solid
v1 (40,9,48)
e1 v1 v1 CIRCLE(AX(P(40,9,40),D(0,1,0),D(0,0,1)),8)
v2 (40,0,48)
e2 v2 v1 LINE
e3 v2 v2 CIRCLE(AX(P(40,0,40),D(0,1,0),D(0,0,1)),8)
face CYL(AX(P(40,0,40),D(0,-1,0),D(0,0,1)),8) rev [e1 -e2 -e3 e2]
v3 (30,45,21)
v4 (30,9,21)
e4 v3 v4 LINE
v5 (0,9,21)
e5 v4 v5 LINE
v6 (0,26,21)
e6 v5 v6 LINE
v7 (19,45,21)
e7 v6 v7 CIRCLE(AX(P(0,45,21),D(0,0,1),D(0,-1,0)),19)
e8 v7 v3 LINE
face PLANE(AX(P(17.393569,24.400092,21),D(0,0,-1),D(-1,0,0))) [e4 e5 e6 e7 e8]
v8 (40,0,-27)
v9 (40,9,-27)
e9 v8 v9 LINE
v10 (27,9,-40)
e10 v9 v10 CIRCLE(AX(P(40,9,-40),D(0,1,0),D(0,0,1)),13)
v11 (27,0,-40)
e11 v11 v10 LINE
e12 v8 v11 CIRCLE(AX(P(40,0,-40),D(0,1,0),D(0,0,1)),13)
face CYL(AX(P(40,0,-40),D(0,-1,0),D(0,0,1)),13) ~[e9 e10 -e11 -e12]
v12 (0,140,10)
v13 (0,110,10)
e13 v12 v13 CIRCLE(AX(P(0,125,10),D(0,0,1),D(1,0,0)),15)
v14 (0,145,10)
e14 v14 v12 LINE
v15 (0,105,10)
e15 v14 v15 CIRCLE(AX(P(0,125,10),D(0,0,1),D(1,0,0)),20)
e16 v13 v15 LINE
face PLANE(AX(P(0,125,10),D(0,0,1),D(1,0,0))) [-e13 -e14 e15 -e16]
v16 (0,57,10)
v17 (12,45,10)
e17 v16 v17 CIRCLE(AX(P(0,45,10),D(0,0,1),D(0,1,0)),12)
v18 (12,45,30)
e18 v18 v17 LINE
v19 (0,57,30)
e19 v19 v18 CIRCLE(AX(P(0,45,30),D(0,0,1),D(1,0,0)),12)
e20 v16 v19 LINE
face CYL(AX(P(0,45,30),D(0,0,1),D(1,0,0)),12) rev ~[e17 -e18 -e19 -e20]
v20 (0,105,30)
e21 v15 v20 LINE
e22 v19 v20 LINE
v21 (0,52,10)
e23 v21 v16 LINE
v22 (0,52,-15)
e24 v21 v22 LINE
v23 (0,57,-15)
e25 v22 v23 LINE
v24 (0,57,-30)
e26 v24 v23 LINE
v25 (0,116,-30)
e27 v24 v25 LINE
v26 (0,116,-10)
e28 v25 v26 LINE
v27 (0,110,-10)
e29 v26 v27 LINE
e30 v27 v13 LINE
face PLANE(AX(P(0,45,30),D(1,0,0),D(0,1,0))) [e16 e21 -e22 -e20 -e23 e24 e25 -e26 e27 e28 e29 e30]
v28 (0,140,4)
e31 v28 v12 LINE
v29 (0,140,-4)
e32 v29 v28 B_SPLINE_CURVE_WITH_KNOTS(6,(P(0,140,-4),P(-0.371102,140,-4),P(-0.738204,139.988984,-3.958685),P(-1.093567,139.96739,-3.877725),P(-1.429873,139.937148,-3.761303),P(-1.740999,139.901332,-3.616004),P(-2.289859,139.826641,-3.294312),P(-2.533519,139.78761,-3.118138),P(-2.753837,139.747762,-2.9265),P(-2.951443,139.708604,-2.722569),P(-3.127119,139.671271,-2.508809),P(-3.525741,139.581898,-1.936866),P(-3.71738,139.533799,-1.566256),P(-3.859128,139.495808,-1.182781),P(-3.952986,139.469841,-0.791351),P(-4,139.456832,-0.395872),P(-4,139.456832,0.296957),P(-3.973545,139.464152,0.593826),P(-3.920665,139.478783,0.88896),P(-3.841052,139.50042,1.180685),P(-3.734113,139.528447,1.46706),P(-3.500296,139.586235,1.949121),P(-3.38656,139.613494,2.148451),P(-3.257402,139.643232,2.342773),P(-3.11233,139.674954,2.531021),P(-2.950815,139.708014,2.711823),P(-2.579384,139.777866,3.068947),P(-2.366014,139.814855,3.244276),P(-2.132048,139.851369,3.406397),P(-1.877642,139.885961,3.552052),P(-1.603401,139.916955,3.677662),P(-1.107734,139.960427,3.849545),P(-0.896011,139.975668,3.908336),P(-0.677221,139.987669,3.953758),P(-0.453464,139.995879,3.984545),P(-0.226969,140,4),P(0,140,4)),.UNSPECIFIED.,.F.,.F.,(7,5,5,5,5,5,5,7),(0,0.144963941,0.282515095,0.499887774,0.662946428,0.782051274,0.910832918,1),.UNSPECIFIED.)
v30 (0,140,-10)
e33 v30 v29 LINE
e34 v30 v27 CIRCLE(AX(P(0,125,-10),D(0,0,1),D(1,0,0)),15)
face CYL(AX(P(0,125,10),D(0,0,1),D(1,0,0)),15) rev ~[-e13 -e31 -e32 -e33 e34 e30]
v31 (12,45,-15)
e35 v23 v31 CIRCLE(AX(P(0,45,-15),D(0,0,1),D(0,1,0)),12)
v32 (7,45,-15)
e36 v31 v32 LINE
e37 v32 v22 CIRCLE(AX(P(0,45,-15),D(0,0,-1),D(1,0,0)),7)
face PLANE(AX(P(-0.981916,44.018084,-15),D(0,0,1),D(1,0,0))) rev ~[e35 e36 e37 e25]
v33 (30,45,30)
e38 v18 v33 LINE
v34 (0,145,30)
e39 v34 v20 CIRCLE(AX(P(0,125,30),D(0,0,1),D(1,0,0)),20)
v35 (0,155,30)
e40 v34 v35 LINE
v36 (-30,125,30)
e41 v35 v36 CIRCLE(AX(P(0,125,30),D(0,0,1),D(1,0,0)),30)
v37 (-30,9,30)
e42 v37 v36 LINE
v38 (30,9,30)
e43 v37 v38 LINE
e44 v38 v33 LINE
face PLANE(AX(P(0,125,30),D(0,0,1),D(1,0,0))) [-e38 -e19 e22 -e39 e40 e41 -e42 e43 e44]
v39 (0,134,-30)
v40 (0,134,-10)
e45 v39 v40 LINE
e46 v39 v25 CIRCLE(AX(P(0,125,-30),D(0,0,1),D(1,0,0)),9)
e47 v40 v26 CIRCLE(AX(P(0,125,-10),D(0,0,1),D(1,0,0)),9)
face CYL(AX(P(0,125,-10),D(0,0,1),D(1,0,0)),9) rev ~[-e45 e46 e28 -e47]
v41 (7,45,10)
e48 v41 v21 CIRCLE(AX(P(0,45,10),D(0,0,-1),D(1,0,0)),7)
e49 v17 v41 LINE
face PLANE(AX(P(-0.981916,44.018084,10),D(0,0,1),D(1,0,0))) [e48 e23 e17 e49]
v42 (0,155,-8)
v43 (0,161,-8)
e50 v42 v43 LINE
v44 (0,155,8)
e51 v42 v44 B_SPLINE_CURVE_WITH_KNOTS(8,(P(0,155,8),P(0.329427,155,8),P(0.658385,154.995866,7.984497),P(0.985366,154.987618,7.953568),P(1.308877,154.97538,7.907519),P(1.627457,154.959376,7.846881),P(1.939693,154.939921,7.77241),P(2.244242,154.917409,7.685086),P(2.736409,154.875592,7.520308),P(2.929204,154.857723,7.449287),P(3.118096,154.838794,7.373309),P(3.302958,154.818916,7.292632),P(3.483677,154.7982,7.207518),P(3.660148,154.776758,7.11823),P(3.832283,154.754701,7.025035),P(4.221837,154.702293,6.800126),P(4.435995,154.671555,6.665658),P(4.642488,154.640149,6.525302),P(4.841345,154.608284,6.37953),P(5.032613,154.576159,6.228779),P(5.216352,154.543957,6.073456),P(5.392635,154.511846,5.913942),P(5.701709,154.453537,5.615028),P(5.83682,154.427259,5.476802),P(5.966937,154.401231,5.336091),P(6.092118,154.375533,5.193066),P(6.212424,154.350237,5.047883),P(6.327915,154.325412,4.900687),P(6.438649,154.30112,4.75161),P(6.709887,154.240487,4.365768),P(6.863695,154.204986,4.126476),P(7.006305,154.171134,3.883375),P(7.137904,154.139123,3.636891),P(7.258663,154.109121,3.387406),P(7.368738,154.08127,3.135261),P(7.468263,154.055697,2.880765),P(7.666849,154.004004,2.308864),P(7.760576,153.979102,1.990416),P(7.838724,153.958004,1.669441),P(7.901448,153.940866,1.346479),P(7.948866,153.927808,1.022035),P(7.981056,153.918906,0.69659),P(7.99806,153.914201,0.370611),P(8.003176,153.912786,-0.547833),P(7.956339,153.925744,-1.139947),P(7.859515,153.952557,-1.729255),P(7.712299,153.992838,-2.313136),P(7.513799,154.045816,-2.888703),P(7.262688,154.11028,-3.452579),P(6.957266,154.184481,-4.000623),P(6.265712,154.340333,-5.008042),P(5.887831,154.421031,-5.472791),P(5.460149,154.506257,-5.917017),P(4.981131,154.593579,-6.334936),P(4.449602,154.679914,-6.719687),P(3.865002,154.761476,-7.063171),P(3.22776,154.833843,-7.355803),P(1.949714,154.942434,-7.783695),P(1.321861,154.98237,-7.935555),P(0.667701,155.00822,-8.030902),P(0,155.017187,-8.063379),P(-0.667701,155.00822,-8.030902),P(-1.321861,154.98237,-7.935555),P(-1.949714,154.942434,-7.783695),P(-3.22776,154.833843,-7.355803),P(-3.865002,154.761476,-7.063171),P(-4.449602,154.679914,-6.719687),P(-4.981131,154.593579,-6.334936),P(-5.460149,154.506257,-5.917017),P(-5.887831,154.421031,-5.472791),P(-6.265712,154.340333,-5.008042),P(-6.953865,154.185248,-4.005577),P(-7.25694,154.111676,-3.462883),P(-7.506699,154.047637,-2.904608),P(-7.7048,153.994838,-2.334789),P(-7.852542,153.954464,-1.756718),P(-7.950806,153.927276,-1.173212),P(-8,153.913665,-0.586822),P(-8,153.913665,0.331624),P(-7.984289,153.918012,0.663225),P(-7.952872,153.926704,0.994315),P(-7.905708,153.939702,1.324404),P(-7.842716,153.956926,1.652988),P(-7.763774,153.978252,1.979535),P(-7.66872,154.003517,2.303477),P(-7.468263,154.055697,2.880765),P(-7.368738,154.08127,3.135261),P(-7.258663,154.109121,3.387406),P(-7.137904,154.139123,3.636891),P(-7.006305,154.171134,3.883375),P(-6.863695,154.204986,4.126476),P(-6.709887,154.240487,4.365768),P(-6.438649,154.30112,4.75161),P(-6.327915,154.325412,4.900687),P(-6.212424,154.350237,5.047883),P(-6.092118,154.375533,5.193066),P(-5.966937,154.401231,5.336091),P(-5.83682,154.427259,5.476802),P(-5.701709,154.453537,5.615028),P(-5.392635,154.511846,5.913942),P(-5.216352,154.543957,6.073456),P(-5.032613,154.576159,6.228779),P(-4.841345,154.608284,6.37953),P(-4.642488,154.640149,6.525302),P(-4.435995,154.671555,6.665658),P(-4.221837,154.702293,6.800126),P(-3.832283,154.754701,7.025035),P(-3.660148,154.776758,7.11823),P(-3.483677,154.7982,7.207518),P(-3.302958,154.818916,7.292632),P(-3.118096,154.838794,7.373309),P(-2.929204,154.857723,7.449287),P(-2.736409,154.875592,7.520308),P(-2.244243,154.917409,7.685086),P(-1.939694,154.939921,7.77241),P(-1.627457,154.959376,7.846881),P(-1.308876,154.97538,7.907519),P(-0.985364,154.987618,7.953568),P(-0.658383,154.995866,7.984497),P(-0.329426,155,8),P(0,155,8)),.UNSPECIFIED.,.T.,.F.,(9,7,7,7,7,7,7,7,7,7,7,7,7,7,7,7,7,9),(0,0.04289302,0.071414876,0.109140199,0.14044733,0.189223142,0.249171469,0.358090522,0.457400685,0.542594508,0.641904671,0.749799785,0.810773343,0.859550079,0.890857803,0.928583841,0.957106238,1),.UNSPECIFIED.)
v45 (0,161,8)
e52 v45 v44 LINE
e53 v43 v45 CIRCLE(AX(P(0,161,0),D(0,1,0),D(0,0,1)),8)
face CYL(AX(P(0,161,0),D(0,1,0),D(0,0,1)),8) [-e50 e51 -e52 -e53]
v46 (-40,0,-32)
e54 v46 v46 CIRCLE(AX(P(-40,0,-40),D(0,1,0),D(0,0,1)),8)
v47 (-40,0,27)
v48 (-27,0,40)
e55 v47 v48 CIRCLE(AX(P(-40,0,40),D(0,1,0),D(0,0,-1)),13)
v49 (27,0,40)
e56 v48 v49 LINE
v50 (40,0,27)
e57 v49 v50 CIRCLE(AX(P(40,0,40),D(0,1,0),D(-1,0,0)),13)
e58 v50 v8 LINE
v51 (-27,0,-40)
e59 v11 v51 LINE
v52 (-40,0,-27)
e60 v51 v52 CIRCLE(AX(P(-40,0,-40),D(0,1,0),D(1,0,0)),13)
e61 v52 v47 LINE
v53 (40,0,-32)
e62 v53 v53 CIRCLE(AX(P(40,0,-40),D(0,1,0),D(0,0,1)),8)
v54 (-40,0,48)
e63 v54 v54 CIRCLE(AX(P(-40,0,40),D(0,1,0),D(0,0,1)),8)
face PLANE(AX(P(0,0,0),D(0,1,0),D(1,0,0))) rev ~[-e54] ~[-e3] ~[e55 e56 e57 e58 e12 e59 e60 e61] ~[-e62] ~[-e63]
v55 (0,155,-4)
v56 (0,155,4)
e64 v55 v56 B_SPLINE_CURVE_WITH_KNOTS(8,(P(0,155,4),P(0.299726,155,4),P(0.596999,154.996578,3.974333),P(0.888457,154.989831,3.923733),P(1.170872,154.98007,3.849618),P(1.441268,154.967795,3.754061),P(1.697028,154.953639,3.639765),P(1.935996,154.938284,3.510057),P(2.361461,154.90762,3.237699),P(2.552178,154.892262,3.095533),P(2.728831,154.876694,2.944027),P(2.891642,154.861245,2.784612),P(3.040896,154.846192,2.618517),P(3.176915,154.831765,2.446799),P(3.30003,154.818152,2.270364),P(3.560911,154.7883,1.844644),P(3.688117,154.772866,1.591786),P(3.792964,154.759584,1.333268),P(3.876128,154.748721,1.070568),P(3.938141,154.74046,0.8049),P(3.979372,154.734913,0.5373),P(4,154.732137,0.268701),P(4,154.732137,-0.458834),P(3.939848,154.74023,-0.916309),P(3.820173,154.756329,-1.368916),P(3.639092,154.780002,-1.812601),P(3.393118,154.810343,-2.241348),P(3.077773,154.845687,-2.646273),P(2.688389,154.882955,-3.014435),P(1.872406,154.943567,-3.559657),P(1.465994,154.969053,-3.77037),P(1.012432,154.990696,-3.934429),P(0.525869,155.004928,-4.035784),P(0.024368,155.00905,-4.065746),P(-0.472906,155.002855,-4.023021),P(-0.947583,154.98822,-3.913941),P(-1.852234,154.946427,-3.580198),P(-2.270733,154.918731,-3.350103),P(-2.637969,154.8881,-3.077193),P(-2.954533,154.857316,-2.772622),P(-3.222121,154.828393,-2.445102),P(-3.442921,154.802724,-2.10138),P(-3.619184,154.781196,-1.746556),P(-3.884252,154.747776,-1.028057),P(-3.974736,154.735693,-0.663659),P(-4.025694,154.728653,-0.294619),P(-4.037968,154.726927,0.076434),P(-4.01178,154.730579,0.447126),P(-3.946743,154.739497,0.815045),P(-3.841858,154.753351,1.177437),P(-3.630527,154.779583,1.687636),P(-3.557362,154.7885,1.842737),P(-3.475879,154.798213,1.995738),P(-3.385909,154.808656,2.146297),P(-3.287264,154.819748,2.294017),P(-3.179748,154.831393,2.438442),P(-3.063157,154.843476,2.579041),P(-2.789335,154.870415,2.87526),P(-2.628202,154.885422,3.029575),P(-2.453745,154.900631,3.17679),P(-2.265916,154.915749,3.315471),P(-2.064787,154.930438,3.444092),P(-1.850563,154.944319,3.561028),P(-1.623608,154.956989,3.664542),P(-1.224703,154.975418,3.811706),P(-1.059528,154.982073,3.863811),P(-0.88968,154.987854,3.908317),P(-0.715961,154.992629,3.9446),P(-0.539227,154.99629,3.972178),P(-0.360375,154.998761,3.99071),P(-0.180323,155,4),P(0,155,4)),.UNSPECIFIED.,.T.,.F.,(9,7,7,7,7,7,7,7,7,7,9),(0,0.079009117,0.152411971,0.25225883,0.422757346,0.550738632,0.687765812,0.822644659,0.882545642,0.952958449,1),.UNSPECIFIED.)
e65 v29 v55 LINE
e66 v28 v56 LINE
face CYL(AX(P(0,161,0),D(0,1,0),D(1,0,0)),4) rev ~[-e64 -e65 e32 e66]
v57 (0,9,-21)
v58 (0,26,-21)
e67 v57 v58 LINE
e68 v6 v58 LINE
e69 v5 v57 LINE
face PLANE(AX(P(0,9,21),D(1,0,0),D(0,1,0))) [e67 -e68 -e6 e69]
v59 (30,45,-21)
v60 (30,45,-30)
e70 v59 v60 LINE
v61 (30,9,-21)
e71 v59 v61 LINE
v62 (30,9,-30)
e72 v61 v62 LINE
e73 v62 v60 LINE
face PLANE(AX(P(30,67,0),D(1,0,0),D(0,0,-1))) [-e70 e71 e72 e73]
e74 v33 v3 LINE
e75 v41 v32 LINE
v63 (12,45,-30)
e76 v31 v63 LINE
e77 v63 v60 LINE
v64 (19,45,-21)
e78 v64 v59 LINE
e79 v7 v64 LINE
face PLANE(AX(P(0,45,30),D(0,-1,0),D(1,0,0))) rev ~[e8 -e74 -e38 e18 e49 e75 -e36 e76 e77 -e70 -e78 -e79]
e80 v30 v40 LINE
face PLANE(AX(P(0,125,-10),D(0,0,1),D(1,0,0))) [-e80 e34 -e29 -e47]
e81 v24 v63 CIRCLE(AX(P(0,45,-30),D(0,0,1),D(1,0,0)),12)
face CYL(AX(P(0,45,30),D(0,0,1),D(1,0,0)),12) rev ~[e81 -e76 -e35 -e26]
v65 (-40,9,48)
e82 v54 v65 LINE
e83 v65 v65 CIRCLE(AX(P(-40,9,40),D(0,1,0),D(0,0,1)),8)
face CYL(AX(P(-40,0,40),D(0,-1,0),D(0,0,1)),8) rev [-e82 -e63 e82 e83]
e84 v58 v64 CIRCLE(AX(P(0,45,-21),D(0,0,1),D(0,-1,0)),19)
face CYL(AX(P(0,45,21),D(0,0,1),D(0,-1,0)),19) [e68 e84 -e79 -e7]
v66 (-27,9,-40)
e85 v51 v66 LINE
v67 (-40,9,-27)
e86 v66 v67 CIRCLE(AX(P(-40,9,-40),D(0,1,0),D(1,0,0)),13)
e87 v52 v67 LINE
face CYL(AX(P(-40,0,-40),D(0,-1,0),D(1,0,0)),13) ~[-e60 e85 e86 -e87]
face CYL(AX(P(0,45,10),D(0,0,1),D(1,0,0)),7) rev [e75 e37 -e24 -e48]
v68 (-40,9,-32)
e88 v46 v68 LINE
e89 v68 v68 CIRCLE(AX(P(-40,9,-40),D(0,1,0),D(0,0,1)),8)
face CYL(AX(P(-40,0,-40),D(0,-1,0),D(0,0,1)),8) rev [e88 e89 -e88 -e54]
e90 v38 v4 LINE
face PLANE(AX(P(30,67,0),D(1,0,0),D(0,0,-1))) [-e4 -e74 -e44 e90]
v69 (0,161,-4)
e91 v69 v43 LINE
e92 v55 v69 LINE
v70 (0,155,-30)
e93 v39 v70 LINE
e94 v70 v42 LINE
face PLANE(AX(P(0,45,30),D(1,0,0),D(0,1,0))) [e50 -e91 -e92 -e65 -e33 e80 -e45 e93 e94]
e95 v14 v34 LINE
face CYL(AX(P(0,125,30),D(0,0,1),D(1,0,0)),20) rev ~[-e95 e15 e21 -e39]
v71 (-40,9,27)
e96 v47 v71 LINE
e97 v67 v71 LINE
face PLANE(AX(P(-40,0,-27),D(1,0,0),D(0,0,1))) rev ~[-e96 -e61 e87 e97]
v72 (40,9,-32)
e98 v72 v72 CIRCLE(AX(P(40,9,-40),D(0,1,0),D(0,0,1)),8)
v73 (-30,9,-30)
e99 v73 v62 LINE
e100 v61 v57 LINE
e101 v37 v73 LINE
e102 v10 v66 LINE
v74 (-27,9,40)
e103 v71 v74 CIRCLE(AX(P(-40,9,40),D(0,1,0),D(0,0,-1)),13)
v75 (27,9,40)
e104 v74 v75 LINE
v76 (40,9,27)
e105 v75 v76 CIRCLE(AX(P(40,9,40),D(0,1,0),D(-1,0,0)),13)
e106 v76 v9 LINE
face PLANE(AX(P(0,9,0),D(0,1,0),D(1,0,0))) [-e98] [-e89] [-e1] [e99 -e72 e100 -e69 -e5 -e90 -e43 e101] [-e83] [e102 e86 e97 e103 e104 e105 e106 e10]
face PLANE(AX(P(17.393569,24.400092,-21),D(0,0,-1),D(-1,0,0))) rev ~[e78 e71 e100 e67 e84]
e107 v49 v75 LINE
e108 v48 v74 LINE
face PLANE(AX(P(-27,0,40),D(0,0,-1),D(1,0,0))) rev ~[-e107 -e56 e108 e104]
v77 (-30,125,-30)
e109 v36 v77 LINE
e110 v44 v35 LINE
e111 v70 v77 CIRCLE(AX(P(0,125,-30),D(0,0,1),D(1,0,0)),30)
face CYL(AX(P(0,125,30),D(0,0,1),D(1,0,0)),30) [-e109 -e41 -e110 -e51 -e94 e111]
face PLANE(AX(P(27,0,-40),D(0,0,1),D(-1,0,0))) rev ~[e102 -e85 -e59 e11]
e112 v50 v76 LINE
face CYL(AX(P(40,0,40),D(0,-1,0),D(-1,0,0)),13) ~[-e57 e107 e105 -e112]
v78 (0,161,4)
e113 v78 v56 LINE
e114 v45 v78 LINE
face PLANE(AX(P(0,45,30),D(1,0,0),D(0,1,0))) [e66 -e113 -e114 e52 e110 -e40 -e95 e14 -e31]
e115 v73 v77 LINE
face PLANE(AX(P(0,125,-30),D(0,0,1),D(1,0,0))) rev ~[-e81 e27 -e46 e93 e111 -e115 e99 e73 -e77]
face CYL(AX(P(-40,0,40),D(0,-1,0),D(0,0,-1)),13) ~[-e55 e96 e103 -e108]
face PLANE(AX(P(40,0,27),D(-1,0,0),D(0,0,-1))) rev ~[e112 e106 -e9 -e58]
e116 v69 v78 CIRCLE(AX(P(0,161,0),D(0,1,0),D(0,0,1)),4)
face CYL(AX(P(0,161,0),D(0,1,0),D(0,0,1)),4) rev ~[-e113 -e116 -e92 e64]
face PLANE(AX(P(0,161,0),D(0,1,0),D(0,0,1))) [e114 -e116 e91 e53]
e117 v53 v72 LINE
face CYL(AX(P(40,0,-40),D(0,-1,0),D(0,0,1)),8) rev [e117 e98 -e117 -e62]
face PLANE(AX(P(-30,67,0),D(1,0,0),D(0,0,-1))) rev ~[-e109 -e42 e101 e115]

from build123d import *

# Parameters (mm, degrees)
SKETCH1_R           = 8
BOSS_EXTRUDE1_DEPTH = 9
SKETCH3_W           = 60
SKETCH3_H           = 116
BOSS_EXTRUDE2_DEPTH = 30
SKETCH4_R           = 30
BOSS_EXTRUDE3_DEPTH = 60
SKETCH6_R           = 8
SKETCH6_R_2         = 4
BOSS_EXTRUDE4_DEPTH = 20
SKETCH7_W           = 53.624772313
SKETCH7_H           = 116
CUT_EXTRUDE2_DEPTH  = 189.729965909
SKETCH8_R           = 12
CUT_EXTRUDE3_DEPTH  = 189.729965909
BOSS_EXTRUDE5_START = -25
BOSS_EXTRUDE5_DEPTH = 25
SKETCH10_R          = 20
CUT_EXTRUDE4_DEPTH  = 20
SKETCH11_R          = 15
CUT_EXTRUDE5_DEPTH  = 20
SKETCH12_R          = 9
CUT_EXTRUDE6_DEPTH  = 181.828648262
SKETCH13_R          = 4
CUT_EXTRUDE7_DEPTH  = 31
CUT_EXTRUDE8_DEPTH  = 42


with BuildPart() as part:
    # Sketch1 → Boss-Extrude1 (new body)
    with BuildSketch(Plane(origin=(0, 0, 0), x_dir=(1, 0, 0), z_dir=(0, 1, 0))):
        with BuildLine():
            Line((40, -27), (40, 27))
            ThreePointArc((40, 27), (49.192388155, 49.192388155), (27, 40))
            Line((27, 40), (-27, 40))
            ThreePointArc((-27, 40), (-49.192388155, 49.192388155), (-40, 27))
            Line((-40, 27), (-40, -27))
            ThreePointArc((-40, -27), (-49.192388155, -49.192388155), (-27, -40))
            Line((-27, -40), (27, -40))
            ThreePointArc((27, -40), (49.192388155, -49.192388155), (40, -27))
        make_face()
        with Locations(Location((-40, 40, 0), (0, 0, 270))):
            Circle(SKETCH1_R, mode=Mode.SUBTRACT)
        with Locations(Location((-40, -40, 0), (0, 0, 270))):
            Circle(SKETCH1_R, mode=Mode.SUBTRACT)
        with Locations(Location((40, -40, 0), (0, 0, 270))):
            Circle(SKETCH1_R, mode=Mode.SUBTRACT)
        with Locations(Location((40, 40, 0), (0, 0, 270))):
            Circle(SKETCH1_R, mode=Mode.SUBTRACT)
    extrude(amount=BOSS_EXTRUDE1_DEPTH)

    # Sketch3 → Boss-Extrude2 (add, symmetric)
    with BuildSketch(Plane(origin=(0, 0, 0), x_dir=(0, 0, -1), z_dir=(1, 0, 0))):
        with Locations((0, 67)):
            Rectangle(SKETCH3_W, SKETCH3_H)
    extrude(amount=BOSS_EXTRUDE2_DEPTH, both=True)

    # Sketch4 → Boss-Extrude3 (add)
    with BuildSketch(Plane.XY.offset(30)):
        with Locations((0, 125)):
            Circle(SKETCH4_R)
    extrude(amount=-BOSS_EXTRUDE3_DEPTH)

    # Sketch6 → Boss-Extrude4 (add)
    with BuildSketch(Plane(origin=(0, 161, 0), x_dir=(1, 0, 0), z_dir=(0, 1, 0))):
        with Locations(Location((0, 0, 0), (0, 0, 270))):
            Circle(SKETCH6_R)
        with Locations(Location((0, 0, 0), (0, 0, 270))):
            Circle(SKETCH6_R_2, mode=Mode.SUBTRACT)
    extrude(amount=-BOSS_EXTRUDE4_DEPTH)

    # Sketch7 → Cut-Extrude2 (cut, through all)
    with BuildSketch(Plane.XY.offset(30)):
        with Locations((26.812386157, 103)):
            Rectangle(SKETCH7_W, SKETCH7_H)
    extrude(amount=-CUT_EXTRUDE2_DEPTH, mode=Mode.SUBTRACT)

    # Sketch8 → Cut-Extrude3 (cut, through all)
    with BuildSketch(Plane.XY.offset(30)):
        with Locations((0, 45)):
            Circle(SKETCH8_R)
    extrude(amount=-CUT_EXTRUDE3_DEPTH, mode=Mode.SUBTRACT)

    # Sketch9 → Boss-Extrude5 (add)
    with BuildSketch(Plane(origin=(0, 0, -15), x_dir=(-1, 0, 0), z_dir=(0, 0, -1)).offset(BOSS_EXTRUDE5_START)):
        with BuildLine():
            Line((-12, 45), (-7, 45))
            ThreePointArc((-7, 45), (4.949747468, 40.050252532), (0, 52))
            Line((0, 52), (0, 57))
            ThreePointArc((0, 57), (8.485281374, 36.514718626), (-12, 45))
        make_face()
    extrude(amount=BOSS_EXTRUDE5_DEPTH)

    # Sketch10 → Cut-Extrude4 (cut)
    with BuildSketch(Plane.XY.offset(30)):
        with Locations((0, 125)):
            Circle(SKETCH10_R)
    extrude(amount=-CUT_EXTRUDE4_DEPTH, mode=Mode.SUBTRACT)

    # Sketch11 → Cut-Extrude5 (cut)
    with BuildSketch(Plane.XY.offset(10)):
        with Locations((0, 125)):
            Circle(SKETCH11_R)
    extrude(amount=-CUT_EXTRUDE5_DEPTH, mode=Mode.SUBTRACT)

    # Sketch12 → Cut-Extrude6 (cut, through all)
    with BuildSketch(Plane.XY.offset(-10)):
        with Locations((0, 125)):
            Circle(SKETCH12_R)
    extrude(amount=-CUT_EXTRUDE6_DEPTH, mode=Mode.SUBTRACT)

    # Sketch13 → Cut-Extrude7 (cut)
    with BuildSketch(Plane(origin=(0, 161, 0), x_dir=(1, 0, 0), z_dir=(0, 1, 0))):
        Circle(SKETCH13_R)
    extrude(amount=-CUT_EXTRUDE7_DEPTH, mode=Mode.SUBTRACT)

    # Sketch14 → Cut-Extrude8 (cut)
    with BuildSketch(Plane.XY.offset(21)):
        with BuildLine():
            Line((19, 45), (30, 45))
            Line((30, 45), (30, 9))
            Line((30, 9), (0, 9))
            Line((0, 9), (0, 26))
            ThreePointArc((0, 26), (13.435028843, 31.564971157), (19, 45))
        make_face()
    extrude(amount=-CUT_EXTRUDE8_DEPTH, mode=Mode.SUBTRACT)


solid = part.part
